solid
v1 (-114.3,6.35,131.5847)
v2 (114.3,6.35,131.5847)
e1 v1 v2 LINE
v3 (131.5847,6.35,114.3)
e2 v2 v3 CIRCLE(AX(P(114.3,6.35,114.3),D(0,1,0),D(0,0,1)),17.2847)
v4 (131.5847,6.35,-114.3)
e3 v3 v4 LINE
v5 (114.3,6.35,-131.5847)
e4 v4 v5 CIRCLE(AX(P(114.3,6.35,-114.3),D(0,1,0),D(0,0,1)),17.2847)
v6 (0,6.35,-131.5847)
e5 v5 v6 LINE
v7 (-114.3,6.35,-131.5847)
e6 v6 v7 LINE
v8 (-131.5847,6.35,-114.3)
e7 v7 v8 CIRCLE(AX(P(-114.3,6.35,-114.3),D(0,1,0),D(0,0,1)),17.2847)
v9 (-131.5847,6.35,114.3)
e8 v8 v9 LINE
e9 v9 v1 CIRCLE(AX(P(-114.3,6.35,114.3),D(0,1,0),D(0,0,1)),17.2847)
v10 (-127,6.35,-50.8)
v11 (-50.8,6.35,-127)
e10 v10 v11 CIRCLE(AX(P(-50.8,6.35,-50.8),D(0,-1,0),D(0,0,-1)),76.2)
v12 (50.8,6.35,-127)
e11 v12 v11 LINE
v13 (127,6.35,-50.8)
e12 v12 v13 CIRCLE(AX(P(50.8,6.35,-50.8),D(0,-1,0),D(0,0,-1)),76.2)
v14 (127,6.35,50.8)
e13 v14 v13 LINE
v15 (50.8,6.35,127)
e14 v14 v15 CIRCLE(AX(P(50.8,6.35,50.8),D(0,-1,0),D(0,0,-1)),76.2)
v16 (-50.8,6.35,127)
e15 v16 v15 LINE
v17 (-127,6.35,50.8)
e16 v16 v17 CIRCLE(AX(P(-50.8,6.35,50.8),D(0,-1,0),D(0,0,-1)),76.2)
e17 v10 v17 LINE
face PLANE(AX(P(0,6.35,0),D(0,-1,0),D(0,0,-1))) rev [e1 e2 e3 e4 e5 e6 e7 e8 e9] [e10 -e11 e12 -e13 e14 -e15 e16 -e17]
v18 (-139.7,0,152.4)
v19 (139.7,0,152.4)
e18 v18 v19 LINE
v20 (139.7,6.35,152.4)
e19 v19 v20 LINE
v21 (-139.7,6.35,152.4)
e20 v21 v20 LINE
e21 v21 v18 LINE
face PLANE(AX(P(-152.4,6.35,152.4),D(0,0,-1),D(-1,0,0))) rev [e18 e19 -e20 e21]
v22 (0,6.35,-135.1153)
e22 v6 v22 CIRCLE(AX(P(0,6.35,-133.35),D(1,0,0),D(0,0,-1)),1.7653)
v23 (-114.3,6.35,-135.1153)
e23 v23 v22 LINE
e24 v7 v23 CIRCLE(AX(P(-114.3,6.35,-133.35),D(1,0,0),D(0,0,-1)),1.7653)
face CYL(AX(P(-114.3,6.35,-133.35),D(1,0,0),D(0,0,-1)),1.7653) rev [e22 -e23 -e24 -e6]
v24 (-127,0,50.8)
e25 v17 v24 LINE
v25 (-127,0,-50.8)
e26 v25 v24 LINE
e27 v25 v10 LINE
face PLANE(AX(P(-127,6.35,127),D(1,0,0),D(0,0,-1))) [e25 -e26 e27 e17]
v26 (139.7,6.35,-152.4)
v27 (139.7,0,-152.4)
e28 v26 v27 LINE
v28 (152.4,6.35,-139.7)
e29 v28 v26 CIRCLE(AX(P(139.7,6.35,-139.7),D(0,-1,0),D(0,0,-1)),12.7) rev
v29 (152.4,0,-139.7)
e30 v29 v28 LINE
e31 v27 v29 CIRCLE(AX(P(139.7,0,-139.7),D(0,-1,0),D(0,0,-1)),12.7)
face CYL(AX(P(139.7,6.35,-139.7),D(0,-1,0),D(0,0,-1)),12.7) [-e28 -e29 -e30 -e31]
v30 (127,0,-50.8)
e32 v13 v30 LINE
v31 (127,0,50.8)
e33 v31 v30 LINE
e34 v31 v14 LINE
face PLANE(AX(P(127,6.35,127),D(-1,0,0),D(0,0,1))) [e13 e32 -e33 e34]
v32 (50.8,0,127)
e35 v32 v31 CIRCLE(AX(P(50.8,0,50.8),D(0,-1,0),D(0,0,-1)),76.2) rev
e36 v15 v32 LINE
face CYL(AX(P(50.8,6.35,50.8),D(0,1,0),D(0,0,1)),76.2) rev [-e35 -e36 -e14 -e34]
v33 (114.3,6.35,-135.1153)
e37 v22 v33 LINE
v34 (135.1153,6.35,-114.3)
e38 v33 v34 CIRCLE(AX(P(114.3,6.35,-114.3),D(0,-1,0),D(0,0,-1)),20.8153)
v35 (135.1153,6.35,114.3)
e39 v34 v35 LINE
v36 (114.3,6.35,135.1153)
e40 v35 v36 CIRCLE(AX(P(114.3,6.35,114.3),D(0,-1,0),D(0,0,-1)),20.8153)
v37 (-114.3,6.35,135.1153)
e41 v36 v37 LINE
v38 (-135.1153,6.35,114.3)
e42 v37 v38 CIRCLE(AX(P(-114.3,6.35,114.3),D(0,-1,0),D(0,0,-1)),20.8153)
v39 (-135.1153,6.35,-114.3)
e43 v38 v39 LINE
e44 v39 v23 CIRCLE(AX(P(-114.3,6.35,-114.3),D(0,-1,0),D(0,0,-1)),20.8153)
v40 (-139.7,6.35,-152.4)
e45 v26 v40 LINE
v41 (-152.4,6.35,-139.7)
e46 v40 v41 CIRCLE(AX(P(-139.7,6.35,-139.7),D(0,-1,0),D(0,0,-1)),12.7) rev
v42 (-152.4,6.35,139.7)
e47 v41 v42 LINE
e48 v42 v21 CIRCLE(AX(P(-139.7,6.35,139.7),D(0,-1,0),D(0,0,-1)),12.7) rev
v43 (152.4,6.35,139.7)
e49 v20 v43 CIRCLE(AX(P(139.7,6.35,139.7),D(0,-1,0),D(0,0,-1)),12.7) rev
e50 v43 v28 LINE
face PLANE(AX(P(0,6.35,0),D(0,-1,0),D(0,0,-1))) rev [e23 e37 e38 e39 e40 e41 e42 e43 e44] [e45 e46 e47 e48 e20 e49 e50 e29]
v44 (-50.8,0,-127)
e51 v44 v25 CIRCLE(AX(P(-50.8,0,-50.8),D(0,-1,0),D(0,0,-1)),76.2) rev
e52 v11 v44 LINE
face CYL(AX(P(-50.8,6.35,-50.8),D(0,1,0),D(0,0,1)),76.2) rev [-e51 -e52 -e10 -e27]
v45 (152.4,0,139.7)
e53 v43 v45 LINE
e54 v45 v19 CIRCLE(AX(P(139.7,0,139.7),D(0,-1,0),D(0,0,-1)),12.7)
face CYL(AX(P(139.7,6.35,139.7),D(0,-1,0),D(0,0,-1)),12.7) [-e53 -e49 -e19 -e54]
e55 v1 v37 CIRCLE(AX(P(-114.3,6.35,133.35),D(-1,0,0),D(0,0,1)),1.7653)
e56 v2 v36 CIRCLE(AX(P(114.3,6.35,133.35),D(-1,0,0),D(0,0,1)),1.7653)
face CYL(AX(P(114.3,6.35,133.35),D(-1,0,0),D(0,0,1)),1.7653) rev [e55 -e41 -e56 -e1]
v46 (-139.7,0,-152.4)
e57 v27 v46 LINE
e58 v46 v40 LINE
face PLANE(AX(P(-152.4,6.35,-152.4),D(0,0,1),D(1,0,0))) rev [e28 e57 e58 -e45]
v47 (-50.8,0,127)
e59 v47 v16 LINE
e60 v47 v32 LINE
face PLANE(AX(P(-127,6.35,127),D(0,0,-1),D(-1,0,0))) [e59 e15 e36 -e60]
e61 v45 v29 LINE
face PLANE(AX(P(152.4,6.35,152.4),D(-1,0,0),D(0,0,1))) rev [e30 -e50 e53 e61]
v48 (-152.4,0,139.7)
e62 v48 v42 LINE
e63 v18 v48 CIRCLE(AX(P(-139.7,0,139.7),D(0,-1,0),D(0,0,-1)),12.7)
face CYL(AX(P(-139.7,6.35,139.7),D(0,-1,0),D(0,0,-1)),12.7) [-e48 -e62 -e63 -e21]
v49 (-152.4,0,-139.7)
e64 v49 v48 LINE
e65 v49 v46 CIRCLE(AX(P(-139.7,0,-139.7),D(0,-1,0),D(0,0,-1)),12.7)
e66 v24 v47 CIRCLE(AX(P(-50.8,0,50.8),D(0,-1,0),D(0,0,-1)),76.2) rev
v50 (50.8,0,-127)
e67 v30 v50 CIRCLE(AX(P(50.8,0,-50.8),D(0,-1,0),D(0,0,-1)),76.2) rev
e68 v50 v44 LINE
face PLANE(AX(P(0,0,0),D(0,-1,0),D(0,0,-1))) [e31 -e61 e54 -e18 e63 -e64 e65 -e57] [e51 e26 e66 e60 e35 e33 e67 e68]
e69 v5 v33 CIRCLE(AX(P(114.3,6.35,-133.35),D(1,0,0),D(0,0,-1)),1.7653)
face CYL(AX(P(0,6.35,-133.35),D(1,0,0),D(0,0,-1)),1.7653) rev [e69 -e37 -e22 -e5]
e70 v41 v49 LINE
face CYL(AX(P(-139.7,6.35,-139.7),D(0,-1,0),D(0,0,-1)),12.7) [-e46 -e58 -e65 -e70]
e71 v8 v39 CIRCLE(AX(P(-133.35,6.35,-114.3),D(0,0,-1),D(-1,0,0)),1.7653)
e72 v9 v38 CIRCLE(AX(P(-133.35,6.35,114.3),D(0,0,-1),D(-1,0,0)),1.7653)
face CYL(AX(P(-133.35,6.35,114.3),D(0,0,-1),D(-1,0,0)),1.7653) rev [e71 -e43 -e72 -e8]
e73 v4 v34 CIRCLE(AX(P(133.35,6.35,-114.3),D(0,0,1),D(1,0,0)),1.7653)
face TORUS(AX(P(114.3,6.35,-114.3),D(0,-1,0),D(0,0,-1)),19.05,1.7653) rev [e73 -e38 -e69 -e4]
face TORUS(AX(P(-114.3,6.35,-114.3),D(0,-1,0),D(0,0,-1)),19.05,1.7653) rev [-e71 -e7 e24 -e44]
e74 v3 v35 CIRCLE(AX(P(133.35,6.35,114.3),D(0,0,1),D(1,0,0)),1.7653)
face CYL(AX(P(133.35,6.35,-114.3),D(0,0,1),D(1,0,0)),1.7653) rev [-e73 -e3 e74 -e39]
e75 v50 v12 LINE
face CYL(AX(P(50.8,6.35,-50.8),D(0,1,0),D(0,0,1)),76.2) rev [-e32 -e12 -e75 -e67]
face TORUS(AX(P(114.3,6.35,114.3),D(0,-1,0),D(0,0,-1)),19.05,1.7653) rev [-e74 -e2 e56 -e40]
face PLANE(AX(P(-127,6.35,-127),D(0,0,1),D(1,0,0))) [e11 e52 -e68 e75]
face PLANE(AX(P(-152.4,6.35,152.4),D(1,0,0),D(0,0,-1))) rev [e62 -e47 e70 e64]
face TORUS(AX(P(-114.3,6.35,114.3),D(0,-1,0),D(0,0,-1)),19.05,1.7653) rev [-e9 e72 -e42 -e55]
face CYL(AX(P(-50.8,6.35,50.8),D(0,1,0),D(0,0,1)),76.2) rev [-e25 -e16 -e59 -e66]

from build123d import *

# Parameters (mm, degrees)
SKETCH1_W           = 304.8
SKETCH1_H           = 304.8
SKETCH1_W_2         = 254
SKETCH1_H_2         = 254
BOSS_EXTRUDE1_DEPTH = 6.35
FILLET1_R           = 76.2
FILLET2_R           = 12.7
SKETCH4_R           = 1.7653


with BuildPart() as part:
    # Sketch1 → Boss-Extrude1 (new body)
    with BuildSketch(Plane(origin=(0, 0, 0), x_dir=(1, 0, 0), z_dir=(0, 1, 0))):
        Rectangle(SKETCH1_W, SKETCH1_H)
        Rectangle(SKETCH1_W_2, SKETCH1_H_2, mode=Mode.SUBTRACT)
    extrude(amount=BOSS_EXTRUDE1_DEPTH)

    # Fillet1
    fillet1_edges = [part.edges().sort_by_distance(p)[0] for p in [
        (-127, 3.175, -127),
        (-127, 3.175, 127),
        (127, 3.175, 127),
        (127, 3.175, -127),
    ]]
    fillet(fillet1_edges, radius=FILLET1_R)

    # Fillet2
    fillet2_edges = [part.edges().sort_by_distance(p)[0] for p in [
        (152.4, 3.175, 152.4),
        (-152.4, 3.175, 152.4),
        (-152.4, 3.175, -152.4),
        (152.4, 3.175, -152.4),
    ]]
    fillet(fillet2_edges, radius=FILLET2_R)

    # Cut-Sweep1: sweep along a path in Sketch3
    with BuildLine(Plane(origin=(0, 6.35, 0), x_dir=(1, 0, 0), z_dir=(0, 1, 0))) as cut_sweep1_path:
        Line((114.3, -133.35), (-114.3, -133.35))
        ThreePointArc((-114.3, -133.35), (-127.770384182, -127.770384182), (-133.35, -114.3))
        Line((-133.35, -114.3), (-133.35, 114.3))
        ThreePointArc((-133.35, 114.3), (-127.770384182, 127.770384182), (-114.3, 133.35))
        Line((-114.3, 133.35), (114.3, 133.35))
        ThreePointArc((114.3, 133.35), (127.770384182, 127.770384182), (133.35, 114.3))
        Line((133.35, 114.3), (133.35, -114.3))
        ThreePointArc((133.35, -114.3), (127.770384182, -127.770384182), (114.3, -133.35))
    # Sketch4 → Cut-Sweep1 (sweep, cut)
    with BuildSketch(Plane(origin=(0, 0, 0), x_dir=(0, 0, -1), z_dir=(1, 0, 0))):
        with Locations((133.35, 6.35)):
            Circle(SKETCH4_R)
    sweep(path=cut_sweep1_path.line, mode=Mode.SUBTRACT)


solid = part.part
